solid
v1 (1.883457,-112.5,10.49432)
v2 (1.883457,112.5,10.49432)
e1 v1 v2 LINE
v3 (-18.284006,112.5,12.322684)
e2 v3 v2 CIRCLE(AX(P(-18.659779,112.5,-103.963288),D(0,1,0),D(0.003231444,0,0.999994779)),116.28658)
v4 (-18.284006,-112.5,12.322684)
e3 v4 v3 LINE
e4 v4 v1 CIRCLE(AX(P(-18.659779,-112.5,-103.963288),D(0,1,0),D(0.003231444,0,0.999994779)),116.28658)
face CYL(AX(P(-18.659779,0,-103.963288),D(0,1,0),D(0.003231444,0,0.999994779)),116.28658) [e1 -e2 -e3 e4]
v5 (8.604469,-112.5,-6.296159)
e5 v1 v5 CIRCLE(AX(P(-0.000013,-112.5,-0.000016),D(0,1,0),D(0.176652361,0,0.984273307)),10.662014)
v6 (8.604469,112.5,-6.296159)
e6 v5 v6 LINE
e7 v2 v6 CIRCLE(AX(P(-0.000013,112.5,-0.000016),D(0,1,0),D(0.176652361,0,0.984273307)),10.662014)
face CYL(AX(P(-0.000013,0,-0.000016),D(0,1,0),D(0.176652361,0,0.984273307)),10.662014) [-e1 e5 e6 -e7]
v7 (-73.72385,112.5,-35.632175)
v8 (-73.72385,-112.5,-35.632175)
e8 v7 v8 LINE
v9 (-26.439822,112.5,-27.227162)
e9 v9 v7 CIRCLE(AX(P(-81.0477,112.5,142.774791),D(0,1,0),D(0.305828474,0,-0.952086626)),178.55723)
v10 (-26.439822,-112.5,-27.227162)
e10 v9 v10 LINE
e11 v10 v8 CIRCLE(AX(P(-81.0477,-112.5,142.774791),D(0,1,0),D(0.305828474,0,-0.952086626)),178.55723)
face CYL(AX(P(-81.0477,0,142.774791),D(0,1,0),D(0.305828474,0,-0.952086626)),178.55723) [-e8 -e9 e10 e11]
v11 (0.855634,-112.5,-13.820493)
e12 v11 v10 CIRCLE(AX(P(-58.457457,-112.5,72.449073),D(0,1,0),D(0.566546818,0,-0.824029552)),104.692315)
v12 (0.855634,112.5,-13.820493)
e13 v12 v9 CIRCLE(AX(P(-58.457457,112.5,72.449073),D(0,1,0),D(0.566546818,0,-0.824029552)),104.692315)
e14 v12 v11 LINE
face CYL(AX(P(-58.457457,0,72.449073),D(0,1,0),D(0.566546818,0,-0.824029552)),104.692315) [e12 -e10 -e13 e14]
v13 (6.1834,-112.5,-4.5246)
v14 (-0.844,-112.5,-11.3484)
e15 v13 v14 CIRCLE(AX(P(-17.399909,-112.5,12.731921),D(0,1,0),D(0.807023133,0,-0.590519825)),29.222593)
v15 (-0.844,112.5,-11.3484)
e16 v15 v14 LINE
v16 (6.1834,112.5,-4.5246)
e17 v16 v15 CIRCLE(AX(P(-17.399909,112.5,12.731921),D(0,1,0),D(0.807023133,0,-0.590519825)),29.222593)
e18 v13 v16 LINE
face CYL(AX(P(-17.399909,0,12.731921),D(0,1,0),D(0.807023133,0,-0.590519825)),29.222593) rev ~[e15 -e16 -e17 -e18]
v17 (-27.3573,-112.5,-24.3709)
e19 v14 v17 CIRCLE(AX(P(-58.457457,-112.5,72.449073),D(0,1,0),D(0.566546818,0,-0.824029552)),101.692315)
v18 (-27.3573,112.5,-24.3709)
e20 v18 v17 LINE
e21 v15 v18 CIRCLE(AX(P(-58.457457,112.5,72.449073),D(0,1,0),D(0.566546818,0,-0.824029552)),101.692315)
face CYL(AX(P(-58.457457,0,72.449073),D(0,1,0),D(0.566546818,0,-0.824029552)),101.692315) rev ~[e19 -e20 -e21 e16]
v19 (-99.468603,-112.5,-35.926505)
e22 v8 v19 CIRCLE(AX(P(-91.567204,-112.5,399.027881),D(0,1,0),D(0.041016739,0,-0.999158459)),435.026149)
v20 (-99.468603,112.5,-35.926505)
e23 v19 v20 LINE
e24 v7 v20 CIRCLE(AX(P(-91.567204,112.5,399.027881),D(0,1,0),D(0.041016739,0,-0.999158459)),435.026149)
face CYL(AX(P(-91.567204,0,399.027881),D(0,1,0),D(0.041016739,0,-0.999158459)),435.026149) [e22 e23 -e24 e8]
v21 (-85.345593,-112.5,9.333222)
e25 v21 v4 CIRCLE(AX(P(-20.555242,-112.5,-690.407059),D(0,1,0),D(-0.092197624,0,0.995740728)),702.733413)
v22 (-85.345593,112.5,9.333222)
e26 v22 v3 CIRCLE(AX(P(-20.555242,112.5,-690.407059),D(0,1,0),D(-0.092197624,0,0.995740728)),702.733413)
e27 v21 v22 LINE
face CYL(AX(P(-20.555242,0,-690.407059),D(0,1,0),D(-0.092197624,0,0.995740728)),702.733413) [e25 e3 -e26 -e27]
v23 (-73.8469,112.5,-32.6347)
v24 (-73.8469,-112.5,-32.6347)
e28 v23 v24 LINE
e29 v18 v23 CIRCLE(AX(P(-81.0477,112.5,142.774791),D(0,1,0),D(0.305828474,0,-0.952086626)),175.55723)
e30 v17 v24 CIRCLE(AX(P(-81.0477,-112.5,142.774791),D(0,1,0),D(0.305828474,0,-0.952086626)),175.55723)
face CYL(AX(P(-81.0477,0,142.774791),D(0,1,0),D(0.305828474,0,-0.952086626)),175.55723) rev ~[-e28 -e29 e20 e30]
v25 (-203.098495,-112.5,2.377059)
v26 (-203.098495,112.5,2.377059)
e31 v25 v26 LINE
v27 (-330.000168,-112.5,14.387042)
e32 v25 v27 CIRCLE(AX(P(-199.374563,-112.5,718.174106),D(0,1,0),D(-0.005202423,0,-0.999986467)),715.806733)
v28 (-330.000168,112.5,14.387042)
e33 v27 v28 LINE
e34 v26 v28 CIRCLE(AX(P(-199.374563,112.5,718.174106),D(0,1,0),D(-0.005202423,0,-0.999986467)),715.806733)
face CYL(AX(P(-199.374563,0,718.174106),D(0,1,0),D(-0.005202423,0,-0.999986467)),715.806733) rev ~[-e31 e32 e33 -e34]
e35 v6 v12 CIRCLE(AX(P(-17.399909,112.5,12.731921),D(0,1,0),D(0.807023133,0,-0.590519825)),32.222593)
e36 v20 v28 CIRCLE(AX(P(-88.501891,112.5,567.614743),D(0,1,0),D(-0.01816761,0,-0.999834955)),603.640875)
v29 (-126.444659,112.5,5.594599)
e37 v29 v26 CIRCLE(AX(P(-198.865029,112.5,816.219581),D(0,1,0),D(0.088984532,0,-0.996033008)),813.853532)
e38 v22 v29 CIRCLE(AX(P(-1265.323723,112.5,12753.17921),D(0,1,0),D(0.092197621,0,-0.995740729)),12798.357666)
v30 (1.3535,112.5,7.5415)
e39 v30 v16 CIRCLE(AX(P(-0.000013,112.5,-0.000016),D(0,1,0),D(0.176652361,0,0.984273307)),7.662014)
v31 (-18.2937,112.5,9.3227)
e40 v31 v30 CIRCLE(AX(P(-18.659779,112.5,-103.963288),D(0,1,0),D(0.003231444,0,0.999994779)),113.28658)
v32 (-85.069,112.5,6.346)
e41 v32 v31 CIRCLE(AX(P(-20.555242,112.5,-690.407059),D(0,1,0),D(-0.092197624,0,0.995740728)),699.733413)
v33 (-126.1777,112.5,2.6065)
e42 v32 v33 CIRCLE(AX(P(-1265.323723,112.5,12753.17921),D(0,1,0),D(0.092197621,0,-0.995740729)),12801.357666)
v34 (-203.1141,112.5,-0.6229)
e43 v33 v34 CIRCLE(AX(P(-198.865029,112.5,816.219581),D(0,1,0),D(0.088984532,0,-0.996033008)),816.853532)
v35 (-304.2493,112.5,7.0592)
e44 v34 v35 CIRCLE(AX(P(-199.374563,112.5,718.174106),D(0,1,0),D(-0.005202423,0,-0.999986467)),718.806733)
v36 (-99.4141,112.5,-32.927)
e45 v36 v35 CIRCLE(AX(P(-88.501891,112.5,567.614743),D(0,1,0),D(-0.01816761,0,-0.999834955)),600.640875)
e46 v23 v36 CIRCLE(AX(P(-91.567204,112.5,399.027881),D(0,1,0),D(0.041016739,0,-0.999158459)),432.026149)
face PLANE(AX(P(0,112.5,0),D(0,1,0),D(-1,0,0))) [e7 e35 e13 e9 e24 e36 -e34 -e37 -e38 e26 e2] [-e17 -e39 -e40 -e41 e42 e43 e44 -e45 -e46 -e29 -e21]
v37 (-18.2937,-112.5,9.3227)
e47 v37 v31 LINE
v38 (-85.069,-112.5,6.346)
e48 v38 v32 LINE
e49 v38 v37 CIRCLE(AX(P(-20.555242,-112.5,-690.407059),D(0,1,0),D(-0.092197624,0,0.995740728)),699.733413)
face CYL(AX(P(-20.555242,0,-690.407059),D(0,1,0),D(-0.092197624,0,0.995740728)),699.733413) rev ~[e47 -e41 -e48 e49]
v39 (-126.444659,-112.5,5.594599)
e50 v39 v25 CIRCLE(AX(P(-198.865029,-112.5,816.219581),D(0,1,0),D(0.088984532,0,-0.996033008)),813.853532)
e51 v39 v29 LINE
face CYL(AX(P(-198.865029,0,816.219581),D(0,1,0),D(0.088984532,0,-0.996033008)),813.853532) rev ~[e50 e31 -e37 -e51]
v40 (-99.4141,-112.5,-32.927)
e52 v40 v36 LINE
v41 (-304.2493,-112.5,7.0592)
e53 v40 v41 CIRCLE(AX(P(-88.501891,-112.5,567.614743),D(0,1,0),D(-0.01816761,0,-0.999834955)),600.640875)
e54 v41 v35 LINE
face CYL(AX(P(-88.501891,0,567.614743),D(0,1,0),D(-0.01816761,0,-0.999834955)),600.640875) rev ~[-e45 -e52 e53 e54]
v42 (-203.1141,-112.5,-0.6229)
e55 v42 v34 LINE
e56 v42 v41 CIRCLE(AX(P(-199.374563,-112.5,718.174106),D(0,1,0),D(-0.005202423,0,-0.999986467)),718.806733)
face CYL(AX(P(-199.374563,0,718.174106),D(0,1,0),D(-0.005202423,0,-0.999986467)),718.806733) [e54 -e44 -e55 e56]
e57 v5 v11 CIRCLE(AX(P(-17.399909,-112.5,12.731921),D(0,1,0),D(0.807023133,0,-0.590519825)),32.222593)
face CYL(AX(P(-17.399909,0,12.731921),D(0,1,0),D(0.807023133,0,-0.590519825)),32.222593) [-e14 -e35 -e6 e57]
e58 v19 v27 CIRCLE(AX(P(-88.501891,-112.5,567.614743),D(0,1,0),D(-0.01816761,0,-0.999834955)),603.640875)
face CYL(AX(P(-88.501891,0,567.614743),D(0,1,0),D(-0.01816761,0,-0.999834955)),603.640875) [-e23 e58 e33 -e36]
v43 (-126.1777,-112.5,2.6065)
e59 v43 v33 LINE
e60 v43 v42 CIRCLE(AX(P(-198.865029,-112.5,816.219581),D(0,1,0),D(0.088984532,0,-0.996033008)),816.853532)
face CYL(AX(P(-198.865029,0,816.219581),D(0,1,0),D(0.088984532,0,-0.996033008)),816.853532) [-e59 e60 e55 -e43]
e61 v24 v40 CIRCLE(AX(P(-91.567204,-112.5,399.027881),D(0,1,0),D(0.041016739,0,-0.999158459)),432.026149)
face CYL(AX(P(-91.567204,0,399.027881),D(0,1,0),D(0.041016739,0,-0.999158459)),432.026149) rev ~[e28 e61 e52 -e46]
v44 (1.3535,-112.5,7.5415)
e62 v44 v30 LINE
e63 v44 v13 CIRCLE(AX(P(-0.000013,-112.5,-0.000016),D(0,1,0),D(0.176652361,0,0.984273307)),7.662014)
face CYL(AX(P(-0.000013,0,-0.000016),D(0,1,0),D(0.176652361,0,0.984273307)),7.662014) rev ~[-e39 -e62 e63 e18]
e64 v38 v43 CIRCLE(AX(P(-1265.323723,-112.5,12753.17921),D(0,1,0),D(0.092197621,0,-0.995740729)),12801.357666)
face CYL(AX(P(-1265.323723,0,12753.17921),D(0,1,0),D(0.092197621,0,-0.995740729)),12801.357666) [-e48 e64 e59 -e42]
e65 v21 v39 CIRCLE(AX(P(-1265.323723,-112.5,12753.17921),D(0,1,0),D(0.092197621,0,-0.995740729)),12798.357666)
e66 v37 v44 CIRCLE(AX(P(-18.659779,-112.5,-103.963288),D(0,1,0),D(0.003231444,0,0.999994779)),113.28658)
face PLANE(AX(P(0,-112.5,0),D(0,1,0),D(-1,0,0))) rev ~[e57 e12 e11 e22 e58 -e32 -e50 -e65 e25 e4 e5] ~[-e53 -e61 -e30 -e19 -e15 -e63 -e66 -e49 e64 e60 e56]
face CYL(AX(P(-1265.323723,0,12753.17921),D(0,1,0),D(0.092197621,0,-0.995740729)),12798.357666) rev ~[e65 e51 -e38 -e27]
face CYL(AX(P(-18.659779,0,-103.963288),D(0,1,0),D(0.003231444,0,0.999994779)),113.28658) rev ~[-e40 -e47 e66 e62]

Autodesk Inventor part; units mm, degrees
ref_plane "YZ Plane" through (0, 0, 0) normal (1, 0, 0) x (0, 1, 0)
ref_plane "XZ Plane" through (0, 0, 0) normal (0, 1, 0) x (-1, 0, 0)
ref_plane "XY Plane" through (0, 0, 0) normal (0, 0, 1) x (1, 0, 0)
sketch "スケッチ1" plane through (0, 0, 0) normal (0, 1, 0) x (-1, 0, 0)
  arc A0 (99.4141, -32.927) -> (304.2493, 7.0592) centre (88.5018, 567.6156) ccw projected
  arc A1 (73.8469, -32.6347) -> (99.4141, -32.927) centre (91.566, 398.982) ccw projected
  arc A2 (27.3573, -24.3709) -> (73.8469, -32.6347) centre (81.048, 142.776) ccw projected
  arc A3 (0.844, -11.3484) -> (27.3573, -24.3709) centre (58.458, 72.45) ccw projected
  arc A4 (-6.1834, -4.5246) -> (0.844, -11.3484) centre (17.4, 12.732) ccw projected
  arc A5 (-1.3535, 7.5415) -> (-6.1834, -4.5246) centre (0, 0) ccw projected
  arc A6 (18.2937, 9.3227) -> (-1.3535, 7.5415) centre (18.66, -103.968) ccw projected
  arc A7 (85.069, 6.346) -> (18.2937, 9.3227) centre (20.556, -690.396) ccw projected
  arc A8 (85.069, 6.346) -> (126.1777, 2.6065) centre (1264.674, 12746.1) ccw projected
  arc A9 (126.1777, 2.6065) -> (203.1141, -0.6229) centre (198.864, 816.2039) ccw projected
  arc A10 (203.1141, -0.6229) -> (304.2493, 7.0592) centre (199.374, 718.188) ccw projected
  circle A11 centre (20, -2.2582) radius 6 projected
  circle A12 centre (130, -14.678) radius 6 projected
extrude "押し出し1" add sketch "スケッチ1" along normal mid plane 225 contours A1 A2 A3 A4 A5 A6 A7 A8 A9 A10 A0 | A11 | A12
shell "シェル1" thickness 3 outward yes removed faces 2 at (-113.7457, 112.5, -20.2414) at (-113.7457, -112.5, -20.2414)
properties part number "GFRP_ms"
